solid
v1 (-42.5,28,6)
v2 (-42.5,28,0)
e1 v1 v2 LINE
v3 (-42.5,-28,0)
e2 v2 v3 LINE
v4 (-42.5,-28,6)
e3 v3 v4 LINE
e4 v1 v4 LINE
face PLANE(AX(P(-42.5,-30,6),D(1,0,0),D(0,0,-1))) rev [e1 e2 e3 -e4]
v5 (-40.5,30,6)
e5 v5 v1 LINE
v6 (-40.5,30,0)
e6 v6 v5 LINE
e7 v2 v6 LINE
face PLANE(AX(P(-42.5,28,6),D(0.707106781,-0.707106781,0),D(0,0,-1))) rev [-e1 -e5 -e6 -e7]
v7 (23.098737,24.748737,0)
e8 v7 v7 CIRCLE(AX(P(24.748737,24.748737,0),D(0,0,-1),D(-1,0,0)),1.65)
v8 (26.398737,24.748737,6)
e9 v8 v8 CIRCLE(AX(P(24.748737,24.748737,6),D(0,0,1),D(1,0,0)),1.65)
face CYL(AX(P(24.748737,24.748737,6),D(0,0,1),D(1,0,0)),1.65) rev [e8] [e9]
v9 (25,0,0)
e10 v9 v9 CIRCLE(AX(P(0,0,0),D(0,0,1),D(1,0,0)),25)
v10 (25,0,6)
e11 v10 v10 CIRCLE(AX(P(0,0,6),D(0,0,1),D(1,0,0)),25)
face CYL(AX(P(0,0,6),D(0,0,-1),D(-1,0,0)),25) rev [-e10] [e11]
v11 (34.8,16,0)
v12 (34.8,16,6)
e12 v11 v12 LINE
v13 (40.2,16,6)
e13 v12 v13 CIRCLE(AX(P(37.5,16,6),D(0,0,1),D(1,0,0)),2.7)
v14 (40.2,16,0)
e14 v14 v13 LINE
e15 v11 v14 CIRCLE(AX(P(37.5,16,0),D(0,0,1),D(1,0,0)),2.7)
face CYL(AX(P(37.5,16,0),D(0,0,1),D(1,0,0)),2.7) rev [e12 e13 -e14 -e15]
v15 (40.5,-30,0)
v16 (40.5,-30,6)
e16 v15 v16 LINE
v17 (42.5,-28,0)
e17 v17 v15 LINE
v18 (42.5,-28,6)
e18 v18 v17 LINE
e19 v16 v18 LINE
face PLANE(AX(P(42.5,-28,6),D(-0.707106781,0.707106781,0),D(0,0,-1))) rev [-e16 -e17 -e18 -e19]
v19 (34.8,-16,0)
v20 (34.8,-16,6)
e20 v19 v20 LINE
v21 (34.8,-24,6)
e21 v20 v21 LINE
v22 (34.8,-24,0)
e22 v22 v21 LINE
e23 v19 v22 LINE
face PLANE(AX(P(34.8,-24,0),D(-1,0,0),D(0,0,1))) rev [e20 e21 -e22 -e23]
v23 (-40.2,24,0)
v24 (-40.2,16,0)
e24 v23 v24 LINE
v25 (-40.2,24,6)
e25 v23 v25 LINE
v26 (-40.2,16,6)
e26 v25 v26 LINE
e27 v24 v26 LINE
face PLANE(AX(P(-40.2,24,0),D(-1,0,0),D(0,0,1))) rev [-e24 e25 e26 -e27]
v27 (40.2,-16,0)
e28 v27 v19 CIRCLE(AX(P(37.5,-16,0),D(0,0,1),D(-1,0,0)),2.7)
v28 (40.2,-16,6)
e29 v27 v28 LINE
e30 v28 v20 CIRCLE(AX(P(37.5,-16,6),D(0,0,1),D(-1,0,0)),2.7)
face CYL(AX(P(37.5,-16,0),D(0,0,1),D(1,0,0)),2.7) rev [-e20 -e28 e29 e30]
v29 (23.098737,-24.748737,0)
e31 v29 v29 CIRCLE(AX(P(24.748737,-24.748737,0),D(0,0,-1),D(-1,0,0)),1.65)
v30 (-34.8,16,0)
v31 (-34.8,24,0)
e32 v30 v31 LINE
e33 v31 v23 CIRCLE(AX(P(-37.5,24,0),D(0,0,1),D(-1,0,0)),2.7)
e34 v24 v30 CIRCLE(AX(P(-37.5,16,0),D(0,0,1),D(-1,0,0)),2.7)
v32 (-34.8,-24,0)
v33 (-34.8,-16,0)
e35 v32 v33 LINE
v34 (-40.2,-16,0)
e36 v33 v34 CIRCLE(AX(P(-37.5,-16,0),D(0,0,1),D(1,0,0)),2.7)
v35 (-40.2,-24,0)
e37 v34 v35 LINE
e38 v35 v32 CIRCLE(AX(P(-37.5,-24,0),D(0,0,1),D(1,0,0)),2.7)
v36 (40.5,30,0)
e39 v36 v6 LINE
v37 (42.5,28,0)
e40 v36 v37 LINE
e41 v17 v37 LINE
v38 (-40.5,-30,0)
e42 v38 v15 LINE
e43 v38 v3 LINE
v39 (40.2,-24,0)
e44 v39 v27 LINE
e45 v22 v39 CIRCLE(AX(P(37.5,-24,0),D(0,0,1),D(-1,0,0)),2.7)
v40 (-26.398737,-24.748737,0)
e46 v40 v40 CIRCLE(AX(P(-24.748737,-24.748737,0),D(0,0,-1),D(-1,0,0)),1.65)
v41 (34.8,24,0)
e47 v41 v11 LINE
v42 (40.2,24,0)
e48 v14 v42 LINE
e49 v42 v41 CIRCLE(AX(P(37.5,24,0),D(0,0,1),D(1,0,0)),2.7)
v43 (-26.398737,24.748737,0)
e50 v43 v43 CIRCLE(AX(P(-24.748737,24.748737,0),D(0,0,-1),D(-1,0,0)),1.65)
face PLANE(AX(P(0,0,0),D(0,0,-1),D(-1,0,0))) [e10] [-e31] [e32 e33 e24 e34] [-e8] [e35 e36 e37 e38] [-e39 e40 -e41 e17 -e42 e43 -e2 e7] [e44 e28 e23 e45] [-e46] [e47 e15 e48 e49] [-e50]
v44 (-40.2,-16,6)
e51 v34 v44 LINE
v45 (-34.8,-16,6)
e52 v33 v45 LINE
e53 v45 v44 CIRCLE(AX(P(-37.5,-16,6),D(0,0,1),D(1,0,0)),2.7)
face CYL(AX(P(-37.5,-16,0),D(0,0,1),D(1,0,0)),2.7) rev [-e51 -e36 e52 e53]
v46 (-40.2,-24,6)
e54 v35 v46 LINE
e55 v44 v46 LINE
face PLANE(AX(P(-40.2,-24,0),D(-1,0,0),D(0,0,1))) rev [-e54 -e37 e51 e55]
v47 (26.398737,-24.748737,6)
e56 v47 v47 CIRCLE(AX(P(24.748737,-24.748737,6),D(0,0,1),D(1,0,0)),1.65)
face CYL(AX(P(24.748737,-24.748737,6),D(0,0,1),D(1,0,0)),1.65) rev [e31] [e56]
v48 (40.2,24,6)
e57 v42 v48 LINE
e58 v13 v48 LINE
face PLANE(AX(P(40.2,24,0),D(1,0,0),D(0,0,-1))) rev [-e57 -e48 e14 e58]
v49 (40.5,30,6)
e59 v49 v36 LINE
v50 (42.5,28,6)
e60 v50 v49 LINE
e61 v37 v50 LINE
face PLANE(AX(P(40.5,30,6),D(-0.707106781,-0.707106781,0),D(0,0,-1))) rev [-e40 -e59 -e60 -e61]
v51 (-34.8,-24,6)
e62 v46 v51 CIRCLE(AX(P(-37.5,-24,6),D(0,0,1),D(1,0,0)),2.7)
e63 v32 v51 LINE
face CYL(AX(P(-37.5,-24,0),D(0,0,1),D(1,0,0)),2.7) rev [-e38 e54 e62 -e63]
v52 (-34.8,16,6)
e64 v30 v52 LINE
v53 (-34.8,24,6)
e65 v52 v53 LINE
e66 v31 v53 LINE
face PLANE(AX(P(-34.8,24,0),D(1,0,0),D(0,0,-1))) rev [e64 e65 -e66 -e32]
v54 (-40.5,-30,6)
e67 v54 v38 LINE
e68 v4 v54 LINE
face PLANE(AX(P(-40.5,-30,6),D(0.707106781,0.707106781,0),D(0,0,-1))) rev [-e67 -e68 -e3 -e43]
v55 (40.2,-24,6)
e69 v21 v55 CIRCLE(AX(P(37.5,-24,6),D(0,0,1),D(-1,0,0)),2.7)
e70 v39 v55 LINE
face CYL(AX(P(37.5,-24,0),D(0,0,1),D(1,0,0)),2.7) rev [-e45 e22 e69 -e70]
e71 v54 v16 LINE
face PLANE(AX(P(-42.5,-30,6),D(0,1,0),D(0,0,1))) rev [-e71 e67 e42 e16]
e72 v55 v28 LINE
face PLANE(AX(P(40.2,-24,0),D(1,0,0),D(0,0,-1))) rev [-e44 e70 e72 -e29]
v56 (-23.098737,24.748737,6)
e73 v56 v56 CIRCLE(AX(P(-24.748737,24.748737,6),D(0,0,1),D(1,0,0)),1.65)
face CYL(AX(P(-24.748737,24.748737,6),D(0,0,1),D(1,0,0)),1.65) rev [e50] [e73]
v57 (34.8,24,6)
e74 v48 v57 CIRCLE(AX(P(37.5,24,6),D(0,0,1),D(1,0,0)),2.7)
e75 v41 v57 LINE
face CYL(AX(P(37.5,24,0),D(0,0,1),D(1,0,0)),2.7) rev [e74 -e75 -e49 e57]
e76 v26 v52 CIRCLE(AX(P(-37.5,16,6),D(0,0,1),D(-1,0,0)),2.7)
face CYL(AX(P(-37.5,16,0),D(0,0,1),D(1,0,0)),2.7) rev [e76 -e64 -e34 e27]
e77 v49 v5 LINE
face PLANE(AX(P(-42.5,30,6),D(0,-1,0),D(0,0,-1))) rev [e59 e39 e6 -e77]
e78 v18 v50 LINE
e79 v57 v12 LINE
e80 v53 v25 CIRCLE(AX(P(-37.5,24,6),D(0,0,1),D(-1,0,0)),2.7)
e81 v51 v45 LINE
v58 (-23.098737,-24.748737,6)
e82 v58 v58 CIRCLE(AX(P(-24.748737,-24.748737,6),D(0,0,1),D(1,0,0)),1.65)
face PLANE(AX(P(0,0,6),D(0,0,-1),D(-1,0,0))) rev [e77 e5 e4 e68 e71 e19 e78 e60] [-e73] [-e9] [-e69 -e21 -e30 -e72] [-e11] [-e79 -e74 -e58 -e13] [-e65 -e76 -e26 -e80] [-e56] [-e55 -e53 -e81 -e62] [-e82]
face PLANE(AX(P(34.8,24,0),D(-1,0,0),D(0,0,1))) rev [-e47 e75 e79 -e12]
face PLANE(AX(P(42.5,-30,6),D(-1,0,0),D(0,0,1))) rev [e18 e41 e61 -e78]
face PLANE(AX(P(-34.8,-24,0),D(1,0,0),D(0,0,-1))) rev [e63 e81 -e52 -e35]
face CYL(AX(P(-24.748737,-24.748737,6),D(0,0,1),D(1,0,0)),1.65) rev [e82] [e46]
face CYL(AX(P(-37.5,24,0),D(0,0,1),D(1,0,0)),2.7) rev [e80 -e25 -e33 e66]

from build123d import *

# Parameters (mm, degrees)
SKETCH_1_W               = 85
SKETCH_1_H               = 60
SKETCH_1_R               = 25
EXTRUDE_1_DEPTH          = 6
PATTERN_CIRCULAR_1_COUNT = 4
CUT_EXTRUDE_1_DEPTH      = 6
CHAMFER_1_SIZE           = 2


with BuildPart() as part:
    # 草图1 → 凸台-拉伸1 (new body)
    with BuildSketch(Plane.XY):
        Rectangle(SKETCH_1_W, SKETCH_1_H)
        Circle(SKETCH_1_R, mode=Mode.SUBTRACT)
    extrude(amount=EXTRUDE_1_DEPTH)

    # 草图2 → M4 螺纹孔1 (revolve, cut)
    with BuildSketch(Plane(origin=(24.748737342, 24.748737342, 6), x_dir=(0, -1, 0), z_dir=(1, 0, 0))):
        Polygon((0, 0), (0, 12.491420021), (1.65, 11.5), (1.65, 0), align=None)
    hole_wizard_m4_1 = revolve(axis=Axis((24.748737342, 24.748737342, 12.35), (0, 0, -1)), mode=Mode.SUBTRACT)

    # 阵列(圆周)1: M4 螺纹孔1 ×4 about axis
    pattern_circular_1_axis = Axis((0, 0, 0), (0, 0, 1))
    for i in range(1, PATTERN_CIRCULAR_1_COUNT):
        add(hole_wizard_m4_1.rotate(pattern_circular_1_axis, i * 360 / PATTERN_CIRCULAR_1_COUNT), mode=Mode.SUBTRACT)

    # 草图4 → 切除-拉伸1 (cut)
    with BuildSketch(Plane.XY.offset(6)):
        with BuildLine():
            Line((40.2, 24), (40.2, 16))
            ThreePointArc((40.2, 16), (37.5, 13.3), (34.8, 16))
            Line((34.8, 16), (34.8, 24))
            ThreePointArc((34.8, 24), (37.5, 26.7), (40.2, 24))
        make_face()
        with BuildLine():
            Line((40.2, -24), (40.2, -16))
            ThreePointArc((40.2, -16), (37.5, -13.3), (34.8, -16))
            Line((34.8, -16), (34.8, -24))
            ThreePointArc((34.8, -24), (37.5, -26.7), (40.2, -24))
        make_face()
        with BuildLine():
            Line((-40.2, 24), (-40.2, 16))
            ThreePointArc((-40.2, 16), (-37.5, 13.3), (-34.8, 16))
            Line((-34.8, 16), (-34.8, 24))
            ThreePointArc((-34.8, 24), (-37.5, 26.7), (-40.2, 24))
        make_face()
        with BuildLine():
            Line((-40.2, -24), (-40.2, -16))
            ThreePointArc((-40.2, -16), (-37.5, -13.3), (-34.8, -16))
            Line((-34.8, -16), (-34.8, -24))
            ThreePointArc((-34.8, -24), (-37.5, -26.7), (-40.2, -24))
        make_face()
    extrude(amount=-CUT_EXTRUDE_1_DEPTH, mode=Mode.SUBTRACT)

    # 倒角1
    chamfer_1_edges = [part.edges().sort_by_distance(p)[0] for p in [
        (42.5, -30, 3),
        (-42.5, -30, 3),
        (-42.5, 30, 3),
        (42.5, 30, 3),
    ]]
    chamfer(chamfer_1_edges, length=CHAMFER_1_SIZE)


solid = part.part
